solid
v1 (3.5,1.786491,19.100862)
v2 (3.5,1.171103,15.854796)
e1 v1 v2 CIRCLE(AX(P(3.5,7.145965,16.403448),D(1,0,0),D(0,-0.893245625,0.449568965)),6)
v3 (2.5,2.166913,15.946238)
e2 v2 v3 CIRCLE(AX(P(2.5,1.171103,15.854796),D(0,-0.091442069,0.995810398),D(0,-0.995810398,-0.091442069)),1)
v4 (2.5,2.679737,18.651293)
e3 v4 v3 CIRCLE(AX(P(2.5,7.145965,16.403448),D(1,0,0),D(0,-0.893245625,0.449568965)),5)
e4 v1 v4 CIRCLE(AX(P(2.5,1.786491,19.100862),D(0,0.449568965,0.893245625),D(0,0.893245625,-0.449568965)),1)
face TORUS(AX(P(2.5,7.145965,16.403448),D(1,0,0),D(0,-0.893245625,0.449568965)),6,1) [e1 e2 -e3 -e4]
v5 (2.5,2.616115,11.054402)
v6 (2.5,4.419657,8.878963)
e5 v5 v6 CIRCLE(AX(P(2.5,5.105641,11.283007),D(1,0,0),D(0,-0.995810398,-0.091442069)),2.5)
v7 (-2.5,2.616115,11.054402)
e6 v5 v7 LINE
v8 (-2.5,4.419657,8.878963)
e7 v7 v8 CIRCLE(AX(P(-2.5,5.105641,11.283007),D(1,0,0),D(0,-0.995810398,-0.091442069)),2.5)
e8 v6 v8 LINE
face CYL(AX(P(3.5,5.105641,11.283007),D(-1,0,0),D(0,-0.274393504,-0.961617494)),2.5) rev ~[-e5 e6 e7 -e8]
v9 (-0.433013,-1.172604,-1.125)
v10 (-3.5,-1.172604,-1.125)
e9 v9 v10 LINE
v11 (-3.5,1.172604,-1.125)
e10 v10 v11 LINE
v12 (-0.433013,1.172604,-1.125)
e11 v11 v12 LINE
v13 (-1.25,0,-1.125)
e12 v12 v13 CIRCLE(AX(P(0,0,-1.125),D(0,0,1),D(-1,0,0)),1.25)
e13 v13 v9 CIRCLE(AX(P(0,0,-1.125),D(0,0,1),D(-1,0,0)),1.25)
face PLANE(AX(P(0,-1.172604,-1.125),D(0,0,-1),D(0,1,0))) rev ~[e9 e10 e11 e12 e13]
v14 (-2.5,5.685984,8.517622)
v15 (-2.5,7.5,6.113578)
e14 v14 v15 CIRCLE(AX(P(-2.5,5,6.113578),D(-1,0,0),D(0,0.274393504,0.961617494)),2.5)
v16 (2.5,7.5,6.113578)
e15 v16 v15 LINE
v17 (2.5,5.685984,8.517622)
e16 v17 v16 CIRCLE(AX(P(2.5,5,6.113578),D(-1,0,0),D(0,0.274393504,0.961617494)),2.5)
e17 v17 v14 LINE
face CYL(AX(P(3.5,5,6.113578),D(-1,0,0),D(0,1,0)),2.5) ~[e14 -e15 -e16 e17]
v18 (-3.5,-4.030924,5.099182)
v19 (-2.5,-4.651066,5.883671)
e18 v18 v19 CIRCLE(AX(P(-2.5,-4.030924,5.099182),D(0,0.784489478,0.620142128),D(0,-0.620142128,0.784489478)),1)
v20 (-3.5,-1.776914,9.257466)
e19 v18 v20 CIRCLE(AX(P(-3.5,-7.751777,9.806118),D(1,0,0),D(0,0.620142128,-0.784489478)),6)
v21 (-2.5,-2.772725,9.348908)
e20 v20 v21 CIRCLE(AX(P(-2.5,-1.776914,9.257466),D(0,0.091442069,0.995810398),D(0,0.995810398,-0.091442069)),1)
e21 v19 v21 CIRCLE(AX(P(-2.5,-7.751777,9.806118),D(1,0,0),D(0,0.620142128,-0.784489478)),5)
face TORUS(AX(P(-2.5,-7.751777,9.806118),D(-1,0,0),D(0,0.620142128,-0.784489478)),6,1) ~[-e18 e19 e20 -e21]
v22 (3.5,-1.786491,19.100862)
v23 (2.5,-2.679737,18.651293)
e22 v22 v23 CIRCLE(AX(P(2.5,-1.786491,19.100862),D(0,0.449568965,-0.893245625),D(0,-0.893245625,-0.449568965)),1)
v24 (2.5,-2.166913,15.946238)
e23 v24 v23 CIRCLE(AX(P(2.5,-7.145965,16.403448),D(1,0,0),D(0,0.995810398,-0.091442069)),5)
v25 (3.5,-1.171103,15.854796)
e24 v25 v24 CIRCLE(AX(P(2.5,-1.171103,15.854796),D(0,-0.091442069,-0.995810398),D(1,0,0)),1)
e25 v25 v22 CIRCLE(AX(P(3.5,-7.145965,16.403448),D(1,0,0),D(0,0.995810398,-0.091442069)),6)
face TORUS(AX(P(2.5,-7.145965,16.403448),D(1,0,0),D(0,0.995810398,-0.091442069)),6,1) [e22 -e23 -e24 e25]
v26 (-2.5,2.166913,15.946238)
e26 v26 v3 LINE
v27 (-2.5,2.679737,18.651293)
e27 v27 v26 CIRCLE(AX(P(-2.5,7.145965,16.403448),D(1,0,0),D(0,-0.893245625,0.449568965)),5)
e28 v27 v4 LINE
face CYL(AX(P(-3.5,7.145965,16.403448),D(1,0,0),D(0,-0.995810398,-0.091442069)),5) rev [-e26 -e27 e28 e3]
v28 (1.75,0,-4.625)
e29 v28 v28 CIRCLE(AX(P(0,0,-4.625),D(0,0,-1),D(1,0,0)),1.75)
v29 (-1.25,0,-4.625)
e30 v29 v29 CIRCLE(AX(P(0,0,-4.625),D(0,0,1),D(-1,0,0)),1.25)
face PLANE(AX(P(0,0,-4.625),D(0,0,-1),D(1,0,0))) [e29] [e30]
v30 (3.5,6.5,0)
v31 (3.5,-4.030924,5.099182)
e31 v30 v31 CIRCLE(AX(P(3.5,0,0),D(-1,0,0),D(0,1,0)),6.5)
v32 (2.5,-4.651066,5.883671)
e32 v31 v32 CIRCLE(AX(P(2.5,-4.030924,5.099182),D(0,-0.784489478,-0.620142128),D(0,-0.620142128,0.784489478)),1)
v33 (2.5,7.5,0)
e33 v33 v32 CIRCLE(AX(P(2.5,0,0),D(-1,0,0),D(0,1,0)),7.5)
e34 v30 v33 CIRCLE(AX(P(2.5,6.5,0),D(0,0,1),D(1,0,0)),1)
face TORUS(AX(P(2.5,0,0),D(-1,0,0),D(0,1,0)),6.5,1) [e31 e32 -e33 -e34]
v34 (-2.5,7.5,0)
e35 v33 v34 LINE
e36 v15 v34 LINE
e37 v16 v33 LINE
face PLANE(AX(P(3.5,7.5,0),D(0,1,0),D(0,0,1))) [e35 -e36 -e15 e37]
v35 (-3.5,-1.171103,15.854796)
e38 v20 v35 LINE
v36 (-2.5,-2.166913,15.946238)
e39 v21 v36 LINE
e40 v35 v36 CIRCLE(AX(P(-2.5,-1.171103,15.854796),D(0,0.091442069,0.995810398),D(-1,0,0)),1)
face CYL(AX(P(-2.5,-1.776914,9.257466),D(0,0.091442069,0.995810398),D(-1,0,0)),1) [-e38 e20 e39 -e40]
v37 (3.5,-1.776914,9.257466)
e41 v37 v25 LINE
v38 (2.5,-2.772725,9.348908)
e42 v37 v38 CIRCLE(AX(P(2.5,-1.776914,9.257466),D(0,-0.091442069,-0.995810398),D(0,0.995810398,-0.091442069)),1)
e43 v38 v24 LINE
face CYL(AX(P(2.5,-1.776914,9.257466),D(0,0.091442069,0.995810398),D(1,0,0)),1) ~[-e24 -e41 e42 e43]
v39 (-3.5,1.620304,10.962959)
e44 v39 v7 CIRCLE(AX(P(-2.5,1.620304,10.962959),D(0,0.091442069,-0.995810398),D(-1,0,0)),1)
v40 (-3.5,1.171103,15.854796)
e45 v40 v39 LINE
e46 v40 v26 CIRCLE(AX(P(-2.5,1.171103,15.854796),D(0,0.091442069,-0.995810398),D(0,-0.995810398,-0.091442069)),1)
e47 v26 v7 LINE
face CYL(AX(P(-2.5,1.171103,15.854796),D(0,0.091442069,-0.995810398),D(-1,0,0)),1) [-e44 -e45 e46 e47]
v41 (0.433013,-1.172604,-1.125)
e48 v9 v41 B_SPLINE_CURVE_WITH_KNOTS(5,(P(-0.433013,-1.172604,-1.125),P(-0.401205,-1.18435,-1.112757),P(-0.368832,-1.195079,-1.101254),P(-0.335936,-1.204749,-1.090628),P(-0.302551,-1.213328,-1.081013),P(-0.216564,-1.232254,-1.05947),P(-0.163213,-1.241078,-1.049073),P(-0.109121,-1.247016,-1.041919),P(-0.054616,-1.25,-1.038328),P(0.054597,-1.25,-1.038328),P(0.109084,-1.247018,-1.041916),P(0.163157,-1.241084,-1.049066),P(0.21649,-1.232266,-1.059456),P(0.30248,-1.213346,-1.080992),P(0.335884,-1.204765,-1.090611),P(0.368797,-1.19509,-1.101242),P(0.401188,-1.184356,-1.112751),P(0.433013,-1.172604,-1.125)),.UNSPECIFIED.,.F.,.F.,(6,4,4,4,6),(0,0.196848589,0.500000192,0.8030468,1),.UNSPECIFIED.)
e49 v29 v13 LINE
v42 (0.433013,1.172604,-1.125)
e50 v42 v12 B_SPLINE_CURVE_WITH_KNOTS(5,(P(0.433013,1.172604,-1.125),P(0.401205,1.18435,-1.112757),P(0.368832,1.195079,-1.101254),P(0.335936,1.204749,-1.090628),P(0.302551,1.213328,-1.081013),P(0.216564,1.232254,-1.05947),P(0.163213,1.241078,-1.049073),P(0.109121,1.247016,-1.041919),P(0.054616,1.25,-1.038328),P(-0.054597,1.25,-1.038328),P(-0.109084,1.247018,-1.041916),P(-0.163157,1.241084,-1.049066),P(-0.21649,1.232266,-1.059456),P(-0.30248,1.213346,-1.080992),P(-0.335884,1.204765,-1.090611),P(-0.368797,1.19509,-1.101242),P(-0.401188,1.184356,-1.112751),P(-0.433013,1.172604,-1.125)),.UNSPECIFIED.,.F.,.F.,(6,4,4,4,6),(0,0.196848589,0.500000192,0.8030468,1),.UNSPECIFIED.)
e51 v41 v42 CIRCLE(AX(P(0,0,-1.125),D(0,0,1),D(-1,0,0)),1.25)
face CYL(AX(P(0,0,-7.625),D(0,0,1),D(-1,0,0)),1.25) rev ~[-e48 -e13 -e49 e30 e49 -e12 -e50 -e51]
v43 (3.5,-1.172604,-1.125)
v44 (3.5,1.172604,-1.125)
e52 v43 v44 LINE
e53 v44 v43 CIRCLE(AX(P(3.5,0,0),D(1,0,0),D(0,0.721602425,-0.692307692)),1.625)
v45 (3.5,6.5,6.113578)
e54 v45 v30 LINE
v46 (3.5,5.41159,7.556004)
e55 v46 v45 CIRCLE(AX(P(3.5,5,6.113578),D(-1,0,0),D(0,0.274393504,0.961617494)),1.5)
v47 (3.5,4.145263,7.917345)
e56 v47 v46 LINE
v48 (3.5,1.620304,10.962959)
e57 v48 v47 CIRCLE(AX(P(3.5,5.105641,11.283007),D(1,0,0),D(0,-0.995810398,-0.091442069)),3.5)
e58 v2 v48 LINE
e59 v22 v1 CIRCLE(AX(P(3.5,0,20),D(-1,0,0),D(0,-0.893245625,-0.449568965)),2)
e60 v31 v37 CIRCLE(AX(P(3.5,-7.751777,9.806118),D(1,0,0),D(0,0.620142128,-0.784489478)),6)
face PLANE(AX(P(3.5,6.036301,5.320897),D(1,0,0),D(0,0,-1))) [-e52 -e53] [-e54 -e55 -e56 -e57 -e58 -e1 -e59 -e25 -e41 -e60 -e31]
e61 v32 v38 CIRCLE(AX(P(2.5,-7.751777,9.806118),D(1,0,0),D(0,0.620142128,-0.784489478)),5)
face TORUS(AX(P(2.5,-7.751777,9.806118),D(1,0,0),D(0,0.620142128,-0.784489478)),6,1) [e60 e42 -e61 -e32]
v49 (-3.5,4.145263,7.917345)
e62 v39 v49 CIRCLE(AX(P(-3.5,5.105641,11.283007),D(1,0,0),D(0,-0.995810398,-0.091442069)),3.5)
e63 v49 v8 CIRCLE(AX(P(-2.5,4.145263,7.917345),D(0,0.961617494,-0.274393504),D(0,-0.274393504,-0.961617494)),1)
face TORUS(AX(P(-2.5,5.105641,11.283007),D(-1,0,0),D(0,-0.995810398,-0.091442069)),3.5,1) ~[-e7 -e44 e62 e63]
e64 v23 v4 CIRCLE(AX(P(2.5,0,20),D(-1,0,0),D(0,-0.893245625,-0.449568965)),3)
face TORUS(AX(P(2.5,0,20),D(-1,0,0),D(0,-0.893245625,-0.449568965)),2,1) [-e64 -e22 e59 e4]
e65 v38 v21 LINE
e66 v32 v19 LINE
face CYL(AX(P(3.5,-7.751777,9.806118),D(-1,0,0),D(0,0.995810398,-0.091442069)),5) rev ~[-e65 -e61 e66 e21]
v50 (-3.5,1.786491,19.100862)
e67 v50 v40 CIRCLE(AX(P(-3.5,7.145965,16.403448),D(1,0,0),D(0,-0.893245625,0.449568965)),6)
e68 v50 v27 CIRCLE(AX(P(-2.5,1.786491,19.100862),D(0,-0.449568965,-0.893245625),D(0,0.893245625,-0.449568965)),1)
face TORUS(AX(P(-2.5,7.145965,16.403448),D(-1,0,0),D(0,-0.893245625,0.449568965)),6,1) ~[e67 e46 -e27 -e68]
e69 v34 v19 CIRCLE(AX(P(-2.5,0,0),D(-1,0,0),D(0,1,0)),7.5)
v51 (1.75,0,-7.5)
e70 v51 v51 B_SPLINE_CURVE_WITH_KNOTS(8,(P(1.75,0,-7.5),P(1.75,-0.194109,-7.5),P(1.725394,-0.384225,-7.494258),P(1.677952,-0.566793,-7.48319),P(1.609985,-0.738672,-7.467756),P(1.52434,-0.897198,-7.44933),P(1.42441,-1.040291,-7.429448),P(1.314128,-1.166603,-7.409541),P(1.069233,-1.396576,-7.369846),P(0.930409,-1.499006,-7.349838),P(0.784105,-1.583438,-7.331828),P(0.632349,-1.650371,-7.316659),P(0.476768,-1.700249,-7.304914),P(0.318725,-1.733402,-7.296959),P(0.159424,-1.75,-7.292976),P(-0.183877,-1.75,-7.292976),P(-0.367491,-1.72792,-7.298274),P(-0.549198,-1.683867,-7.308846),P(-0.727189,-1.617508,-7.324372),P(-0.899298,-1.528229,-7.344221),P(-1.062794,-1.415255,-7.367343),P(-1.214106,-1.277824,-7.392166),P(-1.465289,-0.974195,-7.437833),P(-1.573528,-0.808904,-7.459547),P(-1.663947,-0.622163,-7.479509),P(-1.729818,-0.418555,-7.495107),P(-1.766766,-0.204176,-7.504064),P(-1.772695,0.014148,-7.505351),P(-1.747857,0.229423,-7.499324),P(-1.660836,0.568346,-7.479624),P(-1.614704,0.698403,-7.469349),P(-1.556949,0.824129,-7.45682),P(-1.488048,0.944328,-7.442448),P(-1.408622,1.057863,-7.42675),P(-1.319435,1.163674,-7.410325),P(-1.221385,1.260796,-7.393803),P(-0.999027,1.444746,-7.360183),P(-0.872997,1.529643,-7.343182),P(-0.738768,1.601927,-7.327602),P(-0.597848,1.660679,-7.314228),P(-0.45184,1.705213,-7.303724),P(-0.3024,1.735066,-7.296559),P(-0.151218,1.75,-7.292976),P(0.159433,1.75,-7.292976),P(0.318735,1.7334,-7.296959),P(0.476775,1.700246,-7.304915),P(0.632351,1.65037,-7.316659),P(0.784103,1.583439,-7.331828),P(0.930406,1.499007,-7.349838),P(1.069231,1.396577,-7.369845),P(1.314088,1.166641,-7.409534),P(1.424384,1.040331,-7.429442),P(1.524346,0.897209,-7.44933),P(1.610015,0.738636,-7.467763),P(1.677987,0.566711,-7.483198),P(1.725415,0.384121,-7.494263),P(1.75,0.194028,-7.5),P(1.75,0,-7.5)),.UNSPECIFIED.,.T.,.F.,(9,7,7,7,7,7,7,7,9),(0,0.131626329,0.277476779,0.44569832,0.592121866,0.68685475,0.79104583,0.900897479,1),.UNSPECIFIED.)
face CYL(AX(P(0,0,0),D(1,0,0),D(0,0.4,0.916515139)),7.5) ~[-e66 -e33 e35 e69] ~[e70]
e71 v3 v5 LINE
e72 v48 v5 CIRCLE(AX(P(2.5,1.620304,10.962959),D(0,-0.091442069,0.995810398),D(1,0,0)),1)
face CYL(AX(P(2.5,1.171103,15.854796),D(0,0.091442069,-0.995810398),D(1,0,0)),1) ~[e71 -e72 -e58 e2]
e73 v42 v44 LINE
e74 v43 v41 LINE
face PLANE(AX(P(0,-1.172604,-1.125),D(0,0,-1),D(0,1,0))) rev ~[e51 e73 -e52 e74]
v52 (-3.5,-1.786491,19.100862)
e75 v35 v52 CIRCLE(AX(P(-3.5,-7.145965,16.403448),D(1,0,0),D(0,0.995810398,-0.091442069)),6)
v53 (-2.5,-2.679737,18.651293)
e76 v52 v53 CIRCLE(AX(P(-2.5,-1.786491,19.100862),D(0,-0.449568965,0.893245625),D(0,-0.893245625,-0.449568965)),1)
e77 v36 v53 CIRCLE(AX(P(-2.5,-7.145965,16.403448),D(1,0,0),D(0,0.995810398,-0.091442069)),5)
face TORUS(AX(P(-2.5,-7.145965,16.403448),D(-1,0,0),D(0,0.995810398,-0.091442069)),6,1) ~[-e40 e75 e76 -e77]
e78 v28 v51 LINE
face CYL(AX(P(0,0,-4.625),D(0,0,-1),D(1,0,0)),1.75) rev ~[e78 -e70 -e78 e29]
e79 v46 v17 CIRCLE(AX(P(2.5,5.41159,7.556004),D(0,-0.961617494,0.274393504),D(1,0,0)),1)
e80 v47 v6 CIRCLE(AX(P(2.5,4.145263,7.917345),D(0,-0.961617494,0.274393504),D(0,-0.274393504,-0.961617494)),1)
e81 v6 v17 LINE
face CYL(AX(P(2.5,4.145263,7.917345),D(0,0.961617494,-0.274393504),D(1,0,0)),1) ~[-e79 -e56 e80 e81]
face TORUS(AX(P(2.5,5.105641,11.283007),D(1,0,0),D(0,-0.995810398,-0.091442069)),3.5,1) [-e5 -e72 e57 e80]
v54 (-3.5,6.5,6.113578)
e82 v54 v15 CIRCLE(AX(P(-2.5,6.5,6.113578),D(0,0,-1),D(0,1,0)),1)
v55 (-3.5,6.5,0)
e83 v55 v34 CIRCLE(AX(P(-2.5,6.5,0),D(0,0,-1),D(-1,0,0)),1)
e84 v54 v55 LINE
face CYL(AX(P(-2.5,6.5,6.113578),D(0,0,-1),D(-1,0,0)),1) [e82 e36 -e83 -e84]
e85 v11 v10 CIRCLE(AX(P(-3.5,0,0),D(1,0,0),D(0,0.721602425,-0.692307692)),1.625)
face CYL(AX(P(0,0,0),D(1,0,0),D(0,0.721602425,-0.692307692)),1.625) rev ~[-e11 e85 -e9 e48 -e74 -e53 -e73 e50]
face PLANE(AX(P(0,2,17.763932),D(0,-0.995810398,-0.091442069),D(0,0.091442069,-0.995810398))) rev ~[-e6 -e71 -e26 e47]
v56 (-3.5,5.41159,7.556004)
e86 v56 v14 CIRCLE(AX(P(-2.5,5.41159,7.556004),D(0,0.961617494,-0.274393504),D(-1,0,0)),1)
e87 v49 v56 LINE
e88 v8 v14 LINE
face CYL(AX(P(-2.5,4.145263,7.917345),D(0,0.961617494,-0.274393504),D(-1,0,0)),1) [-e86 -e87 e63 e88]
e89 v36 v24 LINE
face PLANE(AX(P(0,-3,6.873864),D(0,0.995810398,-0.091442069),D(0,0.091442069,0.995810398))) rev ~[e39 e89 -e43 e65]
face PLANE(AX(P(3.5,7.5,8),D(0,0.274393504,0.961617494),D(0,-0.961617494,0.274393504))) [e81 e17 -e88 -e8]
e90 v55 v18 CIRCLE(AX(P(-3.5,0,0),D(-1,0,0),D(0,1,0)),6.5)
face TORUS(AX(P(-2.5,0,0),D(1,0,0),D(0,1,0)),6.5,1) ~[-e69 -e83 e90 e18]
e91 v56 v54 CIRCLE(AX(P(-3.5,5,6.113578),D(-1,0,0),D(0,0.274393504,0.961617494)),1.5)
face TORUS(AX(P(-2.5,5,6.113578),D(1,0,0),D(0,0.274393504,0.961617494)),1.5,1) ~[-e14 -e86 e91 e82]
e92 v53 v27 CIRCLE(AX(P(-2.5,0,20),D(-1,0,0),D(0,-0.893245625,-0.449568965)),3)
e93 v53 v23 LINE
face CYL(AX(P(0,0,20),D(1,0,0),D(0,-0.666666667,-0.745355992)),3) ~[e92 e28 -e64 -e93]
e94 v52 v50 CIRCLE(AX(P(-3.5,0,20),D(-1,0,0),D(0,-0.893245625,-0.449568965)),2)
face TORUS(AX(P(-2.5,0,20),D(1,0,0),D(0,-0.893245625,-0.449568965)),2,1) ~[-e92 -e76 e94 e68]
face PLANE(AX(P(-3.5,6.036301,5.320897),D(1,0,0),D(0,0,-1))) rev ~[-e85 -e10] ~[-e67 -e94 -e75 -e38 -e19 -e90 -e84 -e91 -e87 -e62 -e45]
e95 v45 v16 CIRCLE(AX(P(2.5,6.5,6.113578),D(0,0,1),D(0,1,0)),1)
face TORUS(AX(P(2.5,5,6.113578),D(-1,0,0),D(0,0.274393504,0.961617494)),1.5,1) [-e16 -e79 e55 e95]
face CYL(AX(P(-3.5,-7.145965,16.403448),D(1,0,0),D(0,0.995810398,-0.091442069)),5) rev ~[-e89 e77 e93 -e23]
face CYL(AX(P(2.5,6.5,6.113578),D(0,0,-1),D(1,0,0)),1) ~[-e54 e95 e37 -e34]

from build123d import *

# Parameters (mm, degrees)
BOSS_EXTRUDE1_DEPTH = 3.5
FILLET1_R           = 5
HOLE1_D             = 2.5
HOLE1_DEPTH         = 8
HOLE1_CBORE_D       = 3.5
HOLE1_CBORE_DEPTH   = 3
BOSS_EXTRUDE2_DEPTH = 7
FILLET3_R           = 2.5
FILLET2_R           = 1


with BuildPart() as part:
    # Sketch1 → Boss-Extrude1 (new, symmetric)
    with BuildSketch(Plane(origin=(0, 0, 0), x_dir=(0, 0, -1), z_dir=(1, 0, 0))):
        with BuildLine():
            Line((-17.763932023, 2), (-6.873863542, 3))
            ThreePointArc((-6.873863542, 3), (7.5, 0), (-6.873863542, -3))
            Line((-6.873863542, -3), (-17.763932023, -2))
            ThreePointArc((-17.763932023, -2), (-23, 0), (-17.763932023, 2))
        make_face()
        with BuildLine():
            Line((1.125, -1.17260394), (1.125, 1.17260394))
            ThreePointArc((1.125, 1.17260394), (-1.625, 0), (1.125, -1.17260394))
        make_face(mode=Mode.SUBTRACT)
    extrude(amount=BOSS_EXTRUDE1_DEPTH, both=True)

    # Fillet1
    fillet1_edges = [part.edges().sort_by_distance(p)[0] for p in [
        (0, 2, 17.763932023),
        (0, 3, 6.873863542),
        (0, -3, 6.873863542),
        (0, -2, 17.763932023),
    ]]
    fillet(fillet1_edges, radius=FILLET1_R)

    # Hole1
    with Locations(Plane(origin=(0, 0, -7.625), x_dir=(1, 0, 0), z_dir=(0, 0, -1))):
        with Locations((0, 0)):
            CounterBoreHole(HOLE1_D / 2, HOLE1_CBORE_D / 2, HOLE1_CBORE_DEPTH, depth=HOLE1_DEPTH)

    # Sketch4 → Boss-Extrude2 (add, through all)
    with BuildSketch(Plane(origin=(3.5, 0, 0), x_dir=(0, 0, -1), z_dir=(1, 0, 0))):
        with BuildLine():
            Line((0, 7.5), (-8, 7.5))
            Line((-8, 7.5), (-9.348908132, 2.772724607))
            ThreePointArc((-9.348908132, 2.772724607), (-7.423390623, 3.356027744), (-5.883671087, 4.651065957))
            ThreePointArc((-5.883671087, 4.651065957), (-3.268562782, 6.750296093), (0, 7.5))
        make_face()
    extrude(amount=-BOSS_EXTRUDE2_DEPTH)

    # Fillet3
    fillet3_edges = [part.edges().sort_by_distance(p)[0] for p in [
        (0, 2.772724607, 9.348908132),
        (0, 7.5, 8),
    ]]
    fillet(fillet3_edges, radius=FILLET3_R)

    # Fillet2
    fillet2_edges = [part.edges().sort_by_distance(p)[0] for p in [
        (-3.5, 0, 23),
        (3.5, 0, 23),
        (-3.5, -3.268562782, -6.750296093),
        (3.5, -3.268562782, -6.750296093),
        (-3.5, -2.469818808, 12.647573032),
        (3.5, -2.469818808, 12.647573032),
        (-3.5, 2.233464618, 17.334759204),
        (3.5, 2.233464618, 17.334759204),
        (-3.5, -3.356027744, 7.423390623),
        (3.5, -3.356027744, 7.423390623),
        (-3.5, -2.233464618, 17.334759204),
        (3.5, -2.233464618, 17.334759204),
        (-3.5, 7.5, 3.056789081),
        (3.5, 7.5, 3.056789081),
        (-3.5, 2.391513819, 13.50031972),
        (3.5, 2.391513819, 13.50031972),
        (3.5, 5.052820312, 8.698292421),
        (-3.5, 5.052820312, 8.698292421),
        (3.5, 6.995615118, 7.619406937),
        (-3.5, 6.995615118, 7.619406937),
        (-3.5, 3.181037085, 9.687418633),
        (3.5, 3.181037085, 9.687418633),
    ]]
    fillet(fillet2_edges, radius=FILLET2_R)


solid = part.part
